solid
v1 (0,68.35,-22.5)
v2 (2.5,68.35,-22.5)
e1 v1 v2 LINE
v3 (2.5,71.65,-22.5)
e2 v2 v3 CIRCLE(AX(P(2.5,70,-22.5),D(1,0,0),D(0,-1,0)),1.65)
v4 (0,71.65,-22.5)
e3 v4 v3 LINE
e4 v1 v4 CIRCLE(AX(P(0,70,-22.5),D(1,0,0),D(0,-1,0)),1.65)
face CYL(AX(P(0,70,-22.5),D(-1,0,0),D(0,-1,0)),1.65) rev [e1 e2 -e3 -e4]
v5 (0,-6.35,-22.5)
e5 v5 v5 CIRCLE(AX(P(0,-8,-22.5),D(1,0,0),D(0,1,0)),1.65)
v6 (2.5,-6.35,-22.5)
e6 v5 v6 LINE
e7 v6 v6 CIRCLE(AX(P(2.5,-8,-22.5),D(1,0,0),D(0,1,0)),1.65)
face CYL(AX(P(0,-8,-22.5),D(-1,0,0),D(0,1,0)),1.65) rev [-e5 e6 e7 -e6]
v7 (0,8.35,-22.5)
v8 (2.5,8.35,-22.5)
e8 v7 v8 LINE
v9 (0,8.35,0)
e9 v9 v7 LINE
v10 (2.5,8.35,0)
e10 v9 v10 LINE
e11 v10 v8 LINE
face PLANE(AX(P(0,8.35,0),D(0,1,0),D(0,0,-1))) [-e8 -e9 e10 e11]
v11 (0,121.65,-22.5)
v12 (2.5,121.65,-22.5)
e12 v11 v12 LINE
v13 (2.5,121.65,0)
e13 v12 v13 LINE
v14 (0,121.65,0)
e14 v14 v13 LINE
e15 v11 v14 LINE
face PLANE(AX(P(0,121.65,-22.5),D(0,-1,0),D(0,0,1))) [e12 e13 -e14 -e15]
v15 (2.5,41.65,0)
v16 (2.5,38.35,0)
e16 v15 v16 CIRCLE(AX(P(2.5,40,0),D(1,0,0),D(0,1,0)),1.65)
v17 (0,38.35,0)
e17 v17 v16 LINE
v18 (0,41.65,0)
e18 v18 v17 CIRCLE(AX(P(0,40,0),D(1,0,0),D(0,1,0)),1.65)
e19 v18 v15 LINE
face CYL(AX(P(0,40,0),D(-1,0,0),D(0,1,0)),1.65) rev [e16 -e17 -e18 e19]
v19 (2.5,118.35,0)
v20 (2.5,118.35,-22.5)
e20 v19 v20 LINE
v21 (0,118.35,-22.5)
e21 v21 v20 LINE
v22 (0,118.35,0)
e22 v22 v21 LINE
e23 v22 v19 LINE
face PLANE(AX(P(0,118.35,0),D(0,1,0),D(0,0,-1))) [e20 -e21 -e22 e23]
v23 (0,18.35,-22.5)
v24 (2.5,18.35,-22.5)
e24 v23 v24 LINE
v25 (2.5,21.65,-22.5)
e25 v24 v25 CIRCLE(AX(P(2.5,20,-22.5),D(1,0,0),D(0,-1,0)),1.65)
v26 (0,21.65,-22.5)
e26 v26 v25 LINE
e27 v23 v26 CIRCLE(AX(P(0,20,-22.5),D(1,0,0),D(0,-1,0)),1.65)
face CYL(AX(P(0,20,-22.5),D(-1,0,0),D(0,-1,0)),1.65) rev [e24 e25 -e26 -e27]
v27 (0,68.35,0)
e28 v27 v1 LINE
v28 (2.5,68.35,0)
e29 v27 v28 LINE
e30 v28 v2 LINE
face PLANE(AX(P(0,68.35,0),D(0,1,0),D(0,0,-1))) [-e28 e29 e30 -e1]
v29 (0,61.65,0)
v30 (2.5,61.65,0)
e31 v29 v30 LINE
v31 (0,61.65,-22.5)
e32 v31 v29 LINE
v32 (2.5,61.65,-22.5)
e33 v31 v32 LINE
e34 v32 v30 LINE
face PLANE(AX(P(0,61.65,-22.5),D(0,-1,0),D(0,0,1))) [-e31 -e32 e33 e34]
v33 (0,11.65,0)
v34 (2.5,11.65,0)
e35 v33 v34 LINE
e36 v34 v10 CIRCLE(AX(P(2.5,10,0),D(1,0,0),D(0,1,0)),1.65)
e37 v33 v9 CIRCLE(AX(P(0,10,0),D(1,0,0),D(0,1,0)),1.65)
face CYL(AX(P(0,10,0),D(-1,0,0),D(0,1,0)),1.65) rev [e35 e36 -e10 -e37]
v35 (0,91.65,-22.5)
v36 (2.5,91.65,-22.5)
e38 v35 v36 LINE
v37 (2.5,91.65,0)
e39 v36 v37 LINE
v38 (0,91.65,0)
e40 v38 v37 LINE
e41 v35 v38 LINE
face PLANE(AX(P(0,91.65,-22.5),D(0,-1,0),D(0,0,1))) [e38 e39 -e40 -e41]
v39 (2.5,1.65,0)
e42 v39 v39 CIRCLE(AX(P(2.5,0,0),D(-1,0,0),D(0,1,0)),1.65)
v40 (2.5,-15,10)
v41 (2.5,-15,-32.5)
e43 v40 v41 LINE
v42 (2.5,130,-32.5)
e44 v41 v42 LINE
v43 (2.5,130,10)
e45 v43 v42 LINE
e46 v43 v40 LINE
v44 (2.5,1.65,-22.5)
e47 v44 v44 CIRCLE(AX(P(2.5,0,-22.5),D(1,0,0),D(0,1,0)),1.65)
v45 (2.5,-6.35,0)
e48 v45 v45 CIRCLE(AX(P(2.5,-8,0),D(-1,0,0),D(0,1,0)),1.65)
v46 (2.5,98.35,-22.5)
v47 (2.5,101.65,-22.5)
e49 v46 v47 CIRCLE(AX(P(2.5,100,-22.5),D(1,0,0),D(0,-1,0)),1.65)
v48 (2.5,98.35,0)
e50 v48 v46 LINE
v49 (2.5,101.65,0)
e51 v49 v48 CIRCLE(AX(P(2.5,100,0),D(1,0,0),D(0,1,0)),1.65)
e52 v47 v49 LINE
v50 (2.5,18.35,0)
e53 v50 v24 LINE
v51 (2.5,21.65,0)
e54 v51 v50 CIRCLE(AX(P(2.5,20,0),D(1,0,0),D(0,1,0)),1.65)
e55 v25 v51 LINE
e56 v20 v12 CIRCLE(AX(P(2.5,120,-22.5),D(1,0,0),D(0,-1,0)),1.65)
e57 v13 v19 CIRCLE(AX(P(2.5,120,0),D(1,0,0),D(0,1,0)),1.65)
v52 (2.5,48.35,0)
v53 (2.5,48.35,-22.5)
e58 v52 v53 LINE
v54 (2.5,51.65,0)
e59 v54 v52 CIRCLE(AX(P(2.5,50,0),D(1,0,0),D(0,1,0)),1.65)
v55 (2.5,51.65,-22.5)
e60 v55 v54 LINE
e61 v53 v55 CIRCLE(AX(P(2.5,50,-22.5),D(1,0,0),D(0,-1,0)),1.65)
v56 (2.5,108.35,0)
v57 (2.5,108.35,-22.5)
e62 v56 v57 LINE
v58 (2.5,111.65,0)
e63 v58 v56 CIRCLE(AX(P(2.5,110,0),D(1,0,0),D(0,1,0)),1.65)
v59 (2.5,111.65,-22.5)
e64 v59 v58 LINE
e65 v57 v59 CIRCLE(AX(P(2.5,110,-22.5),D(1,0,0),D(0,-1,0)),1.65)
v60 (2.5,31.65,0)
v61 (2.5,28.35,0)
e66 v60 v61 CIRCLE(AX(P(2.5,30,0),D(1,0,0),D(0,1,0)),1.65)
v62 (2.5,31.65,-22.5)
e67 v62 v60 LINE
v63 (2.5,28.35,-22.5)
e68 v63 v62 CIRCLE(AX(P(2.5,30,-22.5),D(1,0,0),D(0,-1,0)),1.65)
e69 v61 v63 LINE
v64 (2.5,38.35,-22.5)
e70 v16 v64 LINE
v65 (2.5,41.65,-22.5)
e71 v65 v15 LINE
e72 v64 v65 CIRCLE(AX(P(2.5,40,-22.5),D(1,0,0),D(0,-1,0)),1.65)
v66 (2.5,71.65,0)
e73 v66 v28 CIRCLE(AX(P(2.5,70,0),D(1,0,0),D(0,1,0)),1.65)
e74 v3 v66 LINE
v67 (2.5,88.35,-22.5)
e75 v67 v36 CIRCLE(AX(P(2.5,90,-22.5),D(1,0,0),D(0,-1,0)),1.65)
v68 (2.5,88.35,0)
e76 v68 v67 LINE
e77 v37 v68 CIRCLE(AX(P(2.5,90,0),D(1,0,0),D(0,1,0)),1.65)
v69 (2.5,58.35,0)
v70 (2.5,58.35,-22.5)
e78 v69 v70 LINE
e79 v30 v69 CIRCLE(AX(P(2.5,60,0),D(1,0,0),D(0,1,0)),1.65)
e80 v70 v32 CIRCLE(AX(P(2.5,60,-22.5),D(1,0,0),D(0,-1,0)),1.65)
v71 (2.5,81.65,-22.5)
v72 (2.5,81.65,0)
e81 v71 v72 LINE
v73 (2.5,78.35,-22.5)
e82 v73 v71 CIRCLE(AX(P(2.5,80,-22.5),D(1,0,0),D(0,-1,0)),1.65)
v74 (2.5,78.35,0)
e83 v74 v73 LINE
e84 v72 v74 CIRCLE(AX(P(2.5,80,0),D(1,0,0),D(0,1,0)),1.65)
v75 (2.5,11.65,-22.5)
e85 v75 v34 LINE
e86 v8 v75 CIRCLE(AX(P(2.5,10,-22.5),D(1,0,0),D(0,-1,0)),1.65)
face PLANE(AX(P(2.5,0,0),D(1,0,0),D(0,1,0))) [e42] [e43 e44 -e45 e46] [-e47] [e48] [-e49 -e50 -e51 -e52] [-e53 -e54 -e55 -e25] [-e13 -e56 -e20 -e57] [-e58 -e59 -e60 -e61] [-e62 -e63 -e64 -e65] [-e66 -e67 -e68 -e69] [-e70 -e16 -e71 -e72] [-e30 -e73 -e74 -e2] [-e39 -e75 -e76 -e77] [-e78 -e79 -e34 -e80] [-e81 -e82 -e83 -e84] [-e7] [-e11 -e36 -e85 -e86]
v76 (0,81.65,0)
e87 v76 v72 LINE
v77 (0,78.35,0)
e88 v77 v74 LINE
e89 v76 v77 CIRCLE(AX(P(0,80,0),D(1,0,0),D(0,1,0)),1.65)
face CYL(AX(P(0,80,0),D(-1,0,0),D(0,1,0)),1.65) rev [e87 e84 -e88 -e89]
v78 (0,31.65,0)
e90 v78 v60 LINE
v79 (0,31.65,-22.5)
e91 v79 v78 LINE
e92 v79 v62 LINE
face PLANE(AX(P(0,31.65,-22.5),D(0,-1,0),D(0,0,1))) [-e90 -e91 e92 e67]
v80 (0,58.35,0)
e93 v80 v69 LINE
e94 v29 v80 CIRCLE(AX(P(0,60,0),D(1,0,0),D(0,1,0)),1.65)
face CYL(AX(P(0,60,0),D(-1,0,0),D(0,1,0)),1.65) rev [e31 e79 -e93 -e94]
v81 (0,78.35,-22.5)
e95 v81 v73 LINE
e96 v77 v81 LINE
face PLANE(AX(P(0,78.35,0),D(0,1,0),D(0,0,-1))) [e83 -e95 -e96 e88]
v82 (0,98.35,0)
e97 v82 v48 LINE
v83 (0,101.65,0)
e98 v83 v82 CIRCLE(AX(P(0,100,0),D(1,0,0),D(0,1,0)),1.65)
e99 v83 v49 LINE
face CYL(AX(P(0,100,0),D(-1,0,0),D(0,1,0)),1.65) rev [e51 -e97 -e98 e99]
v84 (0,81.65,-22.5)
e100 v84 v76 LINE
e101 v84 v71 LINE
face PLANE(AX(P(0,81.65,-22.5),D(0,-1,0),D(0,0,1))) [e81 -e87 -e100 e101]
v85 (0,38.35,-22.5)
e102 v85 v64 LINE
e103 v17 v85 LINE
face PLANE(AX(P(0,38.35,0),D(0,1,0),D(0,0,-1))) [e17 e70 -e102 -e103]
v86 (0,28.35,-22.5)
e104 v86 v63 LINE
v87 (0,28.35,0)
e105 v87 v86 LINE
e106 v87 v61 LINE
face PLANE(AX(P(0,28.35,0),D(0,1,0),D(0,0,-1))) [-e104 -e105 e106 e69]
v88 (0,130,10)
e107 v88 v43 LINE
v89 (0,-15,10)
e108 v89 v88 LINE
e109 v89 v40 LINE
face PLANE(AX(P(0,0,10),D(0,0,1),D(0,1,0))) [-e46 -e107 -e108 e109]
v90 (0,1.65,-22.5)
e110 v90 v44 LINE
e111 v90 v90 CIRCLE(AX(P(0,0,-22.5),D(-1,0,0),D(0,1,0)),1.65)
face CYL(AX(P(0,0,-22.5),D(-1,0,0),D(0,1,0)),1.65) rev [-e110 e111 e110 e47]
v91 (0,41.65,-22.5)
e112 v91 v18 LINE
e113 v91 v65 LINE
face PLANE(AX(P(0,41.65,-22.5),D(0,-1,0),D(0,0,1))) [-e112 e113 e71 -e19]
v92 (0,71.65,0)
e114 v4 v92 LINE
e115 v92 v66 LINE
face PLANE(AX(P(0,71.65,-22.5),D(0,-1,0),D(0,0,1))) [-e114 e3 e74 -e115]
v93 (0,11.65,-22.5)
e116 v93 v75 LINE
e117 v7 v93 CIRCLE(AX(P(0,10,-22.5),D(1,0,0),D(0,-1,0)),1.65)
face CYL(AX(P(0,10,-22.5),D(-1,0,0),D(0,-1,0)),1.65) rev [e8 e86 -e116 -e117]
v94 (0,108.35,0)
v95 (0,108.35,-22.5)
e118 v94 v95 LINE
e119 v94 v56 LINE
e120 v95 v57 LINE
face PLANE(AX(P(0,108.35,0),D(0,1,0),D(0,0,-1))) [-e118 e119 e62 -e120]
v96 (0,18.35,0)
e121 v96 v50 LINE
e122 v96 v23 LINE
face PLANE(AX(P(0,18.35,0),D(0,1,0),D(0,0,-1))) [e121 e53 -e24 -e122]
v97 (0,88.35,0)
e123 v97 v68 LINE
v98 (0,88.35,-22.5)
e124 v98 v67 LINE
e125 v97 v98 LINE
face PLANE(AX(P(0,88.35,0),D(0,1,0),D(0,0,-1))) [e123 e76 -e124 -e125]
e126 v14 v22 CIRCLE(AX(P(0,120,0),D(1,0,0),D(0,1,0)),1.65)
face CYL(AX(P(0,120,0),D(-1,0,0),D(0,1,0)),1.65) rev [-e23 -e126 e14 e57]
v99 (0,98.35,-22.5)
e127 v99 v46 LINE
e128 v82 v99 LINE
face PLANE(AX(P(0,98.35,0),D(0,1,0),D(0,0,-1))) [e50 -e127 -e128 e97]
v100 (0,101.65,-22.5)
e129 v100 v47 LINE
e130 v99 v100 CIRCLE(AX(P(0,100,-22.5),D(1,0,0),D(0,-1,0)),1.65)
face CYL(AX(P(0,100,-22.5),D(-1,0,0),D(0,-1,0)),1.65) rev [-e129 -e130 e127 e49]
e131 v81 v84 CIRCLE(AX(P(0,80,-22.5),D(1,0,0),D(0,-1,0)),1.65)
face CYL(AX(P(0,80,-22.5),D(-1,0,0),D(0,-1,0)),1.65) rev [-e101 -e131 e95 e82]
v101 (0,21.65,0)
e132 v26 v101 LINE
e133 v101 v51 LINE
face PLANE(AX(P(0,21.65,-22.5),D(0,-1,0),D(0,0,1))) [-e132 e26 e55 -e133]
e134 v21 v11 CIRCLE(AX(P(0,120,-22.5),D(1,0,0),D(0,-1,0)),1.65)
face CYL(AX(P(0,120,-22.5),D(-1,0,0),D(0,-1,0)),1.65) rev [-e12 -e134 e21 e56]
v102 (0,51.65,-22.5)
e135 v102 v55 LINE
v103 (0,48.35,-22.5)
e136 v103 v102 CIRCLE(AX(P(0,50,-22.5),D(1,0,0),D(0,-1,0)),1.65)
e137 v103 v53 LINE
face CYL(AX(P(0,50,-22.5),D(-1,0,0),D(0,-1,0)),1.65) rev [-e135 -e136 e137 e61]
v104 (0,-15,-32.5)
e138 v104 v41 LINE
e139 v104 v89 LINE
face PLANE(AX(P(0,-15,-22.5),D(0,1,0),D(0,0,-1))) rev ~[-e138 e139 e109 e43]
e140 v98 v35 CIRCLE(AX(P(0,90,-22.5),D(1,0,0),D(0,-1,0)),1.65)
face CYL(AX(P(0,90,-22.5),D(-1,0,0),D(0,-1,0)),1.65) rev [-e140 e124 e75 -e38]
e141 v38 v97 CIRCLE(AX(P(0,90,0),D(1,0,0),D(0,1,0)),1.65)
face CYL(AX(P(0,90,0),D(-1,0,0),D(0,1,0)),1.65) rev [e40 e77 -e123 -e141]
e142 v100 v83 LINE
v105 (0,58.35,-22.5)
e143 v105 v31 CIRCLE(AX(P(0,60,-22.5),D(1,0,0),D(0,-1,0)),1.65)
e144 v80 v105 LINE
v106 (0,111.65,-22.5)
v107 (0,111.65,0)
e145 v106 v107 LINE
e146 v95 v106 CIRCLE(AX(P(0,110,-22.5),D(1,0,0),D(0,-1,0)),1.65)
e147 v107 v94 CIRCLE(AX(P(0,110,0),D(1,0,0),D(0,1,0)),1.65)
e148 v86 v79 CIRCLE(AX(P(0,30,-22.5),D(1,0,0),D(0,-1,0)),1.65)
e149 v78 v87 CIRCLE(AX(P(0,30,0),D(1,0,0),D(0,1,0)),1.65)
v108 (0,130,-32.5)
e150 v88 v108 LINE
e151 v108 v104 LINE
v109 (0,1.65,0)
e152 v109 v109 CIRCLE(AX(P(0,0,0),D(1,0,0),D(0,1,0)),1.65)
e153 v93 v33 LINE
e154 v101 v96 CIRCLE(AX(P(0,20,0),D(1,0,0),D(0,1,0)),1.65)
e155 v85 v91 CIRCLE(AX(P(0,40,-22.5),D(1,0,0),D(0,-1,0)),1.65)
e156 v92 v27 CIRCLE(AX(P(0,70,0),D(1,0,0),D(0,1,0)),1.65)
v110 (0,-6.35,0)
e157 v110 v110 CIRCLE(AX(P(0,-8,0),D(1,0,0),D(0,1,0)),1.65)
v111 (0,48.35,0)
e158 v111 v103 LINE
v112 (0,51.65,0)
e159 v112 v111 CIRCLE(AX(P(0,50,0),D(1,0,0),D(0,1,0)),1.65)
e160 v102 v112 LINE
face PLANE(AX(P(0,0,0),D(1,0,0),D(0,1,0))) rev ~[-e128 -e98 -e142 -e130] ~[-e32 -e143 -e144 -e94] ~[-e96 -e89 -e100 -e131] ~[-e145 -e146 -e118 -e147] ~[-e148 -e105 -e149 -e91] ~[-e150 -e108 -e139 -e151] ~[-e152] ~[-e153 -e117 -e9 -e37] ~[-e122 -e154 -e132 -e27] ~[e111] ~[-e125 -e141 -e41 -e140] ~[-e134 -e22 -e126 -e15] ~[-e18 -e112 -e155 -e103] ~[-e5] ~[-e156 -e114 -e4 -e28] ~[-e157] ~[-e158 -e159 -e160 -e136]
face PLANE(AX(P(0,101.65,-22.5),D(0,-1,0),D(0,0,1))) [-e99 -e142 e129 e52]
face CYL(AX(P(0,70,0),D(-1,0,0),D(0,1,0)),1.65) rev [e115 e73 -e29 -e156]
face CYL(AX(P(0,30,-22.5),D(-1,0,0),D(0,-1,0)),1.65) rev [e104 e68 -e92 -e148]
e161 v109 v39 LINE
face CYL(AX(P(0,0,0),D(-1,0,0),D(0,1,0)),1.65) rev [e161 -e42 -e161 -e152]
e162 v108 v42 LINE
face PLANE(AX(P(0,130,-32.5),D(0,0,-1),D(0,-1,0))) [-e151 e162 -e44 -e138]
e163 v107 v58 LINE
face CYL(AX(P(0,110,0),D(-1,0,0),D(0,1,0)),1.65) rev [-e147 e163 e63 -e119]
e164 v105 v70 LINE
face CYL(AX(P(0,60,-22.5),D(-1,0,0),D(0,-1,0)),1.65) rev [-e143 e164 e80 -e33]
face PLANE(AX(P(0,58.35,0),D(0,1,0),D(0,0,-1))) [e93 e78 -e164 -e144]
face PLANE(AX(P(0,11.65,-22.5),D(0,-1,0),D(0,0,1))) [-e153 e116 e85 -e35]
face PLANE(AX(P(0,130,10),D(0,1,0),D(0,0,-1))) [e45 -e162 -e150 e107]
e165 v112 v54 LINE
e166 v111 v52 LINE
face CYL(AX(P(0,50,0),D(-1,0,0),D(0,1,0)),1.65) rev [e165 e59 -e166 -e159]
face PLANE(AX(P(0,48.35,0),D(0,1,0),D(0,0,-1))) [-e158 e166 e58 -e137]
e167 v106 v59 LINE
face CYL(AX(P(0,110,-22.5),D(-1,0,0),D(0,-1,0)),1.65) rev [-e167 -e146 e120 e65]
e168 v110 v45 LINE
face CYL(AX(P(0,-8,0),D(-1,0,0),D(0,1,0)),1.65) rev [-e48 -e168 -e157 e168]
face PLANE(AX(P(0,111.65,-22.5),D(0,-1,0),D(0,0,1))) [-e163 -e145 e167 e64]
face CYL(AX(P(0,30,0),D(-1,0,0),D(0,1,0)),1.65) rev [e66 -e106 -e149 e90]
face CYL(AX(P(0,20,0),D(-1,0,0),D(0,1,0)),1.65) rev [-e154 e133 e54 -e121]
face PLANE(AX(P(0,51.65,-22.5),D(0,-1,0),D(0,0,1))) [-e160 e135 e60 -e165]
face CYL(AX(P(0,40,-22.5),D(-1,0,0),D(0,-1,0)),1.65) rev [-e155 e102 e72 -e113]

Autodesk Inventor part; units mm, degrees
ref_plane "YZ Plane" through (0, 0, 0) normal (1, 0, 0) x (0, 1, 0)
ref_plane "XZ Plane" through (0, 0, 0) normal (0, 1, 0) x (-1, 0, 0)
ref_plane "XY Plane" through (0, 0, 0) normal (0, 0, 1) x (1, 0, 0)
sketch "Sketch1" plane through (0, 0, 0) normal (1, 0, 0) x (0, 1, 0)
  circle A0 centre (0, -22.5) radius 1.65
  circle A1 centre (-8, 0) radius 1.65
  circle A2 centre (-8, -22.5) radius 1.65
  line L0 (0, 0) -> (-15, 0)
  line L1 (-15, 0) -> (-15, -22.5)
  line L2 (0, -22.5) -> (0, 0)
  line L3 (-15, -22.5) -> (-15, -32.5)
  line L4 (-15, -32.5) -> (0, -32.5)
  line L5 (0, -32.5) -> (0, -22.5)
  line L6 (0, 0) -> (-15, 0)
  line L7 (-15, 0) -> (-15, 10)
  line L8 (-15, 10) -> (0, 10)
  line L9 (0, 10) -> (0, 0)
  line L10 (0, 10) -> (130, 10)
  line L11 (130, 10) -> (130, -32.5)
  line L12 (130, -32.5) -> (0, -32.5)
  line L13 (0, -32.5) -> (0, 10)
  line L14 (10, 0) -> (10, -22.5) construction
  line L15 (8.35, 0) -> (8.35, -22.5)
  line L16 (11.65, -22.5) -> (11.65, 0)
  arc A3 (11.65, 0) -> (8.35, 0) centre (10, 0) ccw
  arc A4 (8.35, -22.5) -> (11.65, -22.5) centre (10, -22.5) ccw
  line L17 (18.35, 0) -> (18.35, -22.5)
  line L18 (20, 0) -> (20, -22.5) construction
  line L19 (21.65, -22.5) -> (21.65, 0)
  arc A5 (21.65, 0) -> (18.35, 0) centre (20, 0) ccw
  arc A6 (18.35, -22.5) -> (21.65, -22.5) centre (20, -22.5) ccw
  line L20 (28.35, 0) -> (28.35, -22.5)
  line L21 (30, 0) -> (30, -22.5) construction
  line L22 (31.65, -22.5) -> (31.65, 0)
  arc A7 (31.65, 0) -> (28.35, 0) centre (30, 0) ccw
  arc A8 (28.35, -22.5) -> (31.65, -22.5) centre (30, -22.5) ccw
  line L23 (38.35, 0) -> (38.35, -22.5)
  line L24 (40, 0) -> (40, -22.5) construction
  line L25 (41.65, -22.5) -> (41.65, 0)
  arc A9 (41.65, 0) -> (38.35, 0) centre (40, 0) ccw
  arc A10 (38.35, -22.5) -> (41.65, -22.5) centre (40, -22.5) ccw
  line L26 (48.35, 0) -> (48.35, -22.5)
  line L27 (50, 0) -> (50, -22.5) construction
  line L28 (51.65, -22.5) -> (51.65, 0)
  arc A11 (51.65, 0) -> (48.35, 0) centre (50, 0) ccw
  arc A12 (48.35, -22.5) -> (51.65, -22.5) centre (50, -22.5) ccw
  line L29 (58.35, 0) -> (58.35, -22.5)
  line L30 (60, 0) -> (60, -22.5) construction
  line L31 (61.65, -22.5) -> (61.65, 0)
  arc A13 (61.65, 0) -> (58.35, 0) centre (60, 0) ccw
  arc A14 (58.35, -22.5) -> (61.65, -22.5) centre (60, -22.5) ccw
  line L32 (68.35, 0) -> (68.35, -22.5)
  line L33 (70, 0) -> (70, -22.5) construction
  line L34 (71.65, -22.5) -> (71.65, 0)
  arc A15 (71.65, 0) -> (68.35, 0) centre (70, 0) ccw
  arc A16 (68.35, -22.5) -> (71.65, -22.5) centre (70, -22.5) ccw
  line L35 (78.35, 0) -> (78.35, -22.5)
  line L36 (80, 0) -> (80, -22.5) construction
  line L37 (81.65, -22.5) -> (81.65, 0)
  arc A17 (81.65, 0) -> (78.35, 0) centre (80, 0) ccw
  arc A18 (78.35, -22.5) -> (81.65, -22.5) centre (80, -22.5) ccw
  line L38 (88.35, 0) -> (88.35, -22.5)
  line L39 (90, 0) -> (90, -22.5) construction
  line L40 (91.65, -22.5) -> (91.65, 0)
  arc A19 (91.65, 0) -> (88.35, 0) centre (90, 0) ccw
  arc A20 (88.35, -22.5) -> (91.65, -22.5) centre (90, -22.5) ccw
  line L41 (98.35, 0) -> (98.35, -22.5)
  line L42 (100, 0) -> (100, -22.5) construction
  line L43 (101.65, -22.5) -> (101.65, 0)
  arc A21 (101.65, 0) -> (98.35, 0) centre (100, 0) ccw
  arc A22 (98.35, -22.5) -> (101.65, -22.5) centre (100, -22.5) ccw
  line L44 (108.35, 0) -> (108.35, -22.5)
  line L45 (110, 0) -> (110, -22.5) construction
  line L46 (111.65, -22.5) -> (111.65, 0)
  arc A23 (111.65, 0) -> (108.35, 0) centre (110, 0) ccw
  arc A24 (108.35, -22.5) -> (111.65, -22.5) centre (110, -22.5) ccw
  line L47 (118.35, 0) -> (118.35, -22.5)
  line L48 (120, 0) -> (120, -22.5) construction
  line L49 (121.65, -22.5) -> (121.65, 0)
  arc A25 (121.65, 0) -> (118.35, 0) centre (120, 0) ccw
  arc A26 (118.35, -22.5) -> (121.65, -22.5) centre (120, -22.5) ccw
  circle A27 centre (0, 0) radius 1.65
  point P0 (10, -11.25)
  point P1 (20, -11.25)
  point P2 (30, -11.25)
  point P3 (40, -11.25)
  point P4 (50, -11.25)
  point P5 (60, -11.25)
  point P6 (70, -11.25)
  point P7 (80, -11.25)
  point P8 (90, -11.25)
  point P9 (100, -11.25)
  point P10 (110, -11.25)
  point P11 (120, -11.25)
  dimension "d1" = 3.3
  dimension "d3" = 3.3
  dimension "d5" = 3.3
  dimension "d6" = 10
  dimension "d7" = 10
  dimension "d9" = 3.3
  dimension "d13" = 10
  dimension "d20" = 15
  dimension "d22" = 7
  dimension "d23" = 7
  dimension "d24" = 8
  dimension "d25" = 3.3
  dimension "d26" = 8
  dimension "d27" = 8
extrude "Extrusion1" add sketch "Sketch1" along normal blind 2.5 contours A0 L2 A27 L9 L10 L11 L12 L5 | A0 L5 L4 L3 L1 L0 A1 A27 L2 | L0 A1 L7 L8 L9 A27
properties part number "Wall Conyevor Depan_3DPrint"
